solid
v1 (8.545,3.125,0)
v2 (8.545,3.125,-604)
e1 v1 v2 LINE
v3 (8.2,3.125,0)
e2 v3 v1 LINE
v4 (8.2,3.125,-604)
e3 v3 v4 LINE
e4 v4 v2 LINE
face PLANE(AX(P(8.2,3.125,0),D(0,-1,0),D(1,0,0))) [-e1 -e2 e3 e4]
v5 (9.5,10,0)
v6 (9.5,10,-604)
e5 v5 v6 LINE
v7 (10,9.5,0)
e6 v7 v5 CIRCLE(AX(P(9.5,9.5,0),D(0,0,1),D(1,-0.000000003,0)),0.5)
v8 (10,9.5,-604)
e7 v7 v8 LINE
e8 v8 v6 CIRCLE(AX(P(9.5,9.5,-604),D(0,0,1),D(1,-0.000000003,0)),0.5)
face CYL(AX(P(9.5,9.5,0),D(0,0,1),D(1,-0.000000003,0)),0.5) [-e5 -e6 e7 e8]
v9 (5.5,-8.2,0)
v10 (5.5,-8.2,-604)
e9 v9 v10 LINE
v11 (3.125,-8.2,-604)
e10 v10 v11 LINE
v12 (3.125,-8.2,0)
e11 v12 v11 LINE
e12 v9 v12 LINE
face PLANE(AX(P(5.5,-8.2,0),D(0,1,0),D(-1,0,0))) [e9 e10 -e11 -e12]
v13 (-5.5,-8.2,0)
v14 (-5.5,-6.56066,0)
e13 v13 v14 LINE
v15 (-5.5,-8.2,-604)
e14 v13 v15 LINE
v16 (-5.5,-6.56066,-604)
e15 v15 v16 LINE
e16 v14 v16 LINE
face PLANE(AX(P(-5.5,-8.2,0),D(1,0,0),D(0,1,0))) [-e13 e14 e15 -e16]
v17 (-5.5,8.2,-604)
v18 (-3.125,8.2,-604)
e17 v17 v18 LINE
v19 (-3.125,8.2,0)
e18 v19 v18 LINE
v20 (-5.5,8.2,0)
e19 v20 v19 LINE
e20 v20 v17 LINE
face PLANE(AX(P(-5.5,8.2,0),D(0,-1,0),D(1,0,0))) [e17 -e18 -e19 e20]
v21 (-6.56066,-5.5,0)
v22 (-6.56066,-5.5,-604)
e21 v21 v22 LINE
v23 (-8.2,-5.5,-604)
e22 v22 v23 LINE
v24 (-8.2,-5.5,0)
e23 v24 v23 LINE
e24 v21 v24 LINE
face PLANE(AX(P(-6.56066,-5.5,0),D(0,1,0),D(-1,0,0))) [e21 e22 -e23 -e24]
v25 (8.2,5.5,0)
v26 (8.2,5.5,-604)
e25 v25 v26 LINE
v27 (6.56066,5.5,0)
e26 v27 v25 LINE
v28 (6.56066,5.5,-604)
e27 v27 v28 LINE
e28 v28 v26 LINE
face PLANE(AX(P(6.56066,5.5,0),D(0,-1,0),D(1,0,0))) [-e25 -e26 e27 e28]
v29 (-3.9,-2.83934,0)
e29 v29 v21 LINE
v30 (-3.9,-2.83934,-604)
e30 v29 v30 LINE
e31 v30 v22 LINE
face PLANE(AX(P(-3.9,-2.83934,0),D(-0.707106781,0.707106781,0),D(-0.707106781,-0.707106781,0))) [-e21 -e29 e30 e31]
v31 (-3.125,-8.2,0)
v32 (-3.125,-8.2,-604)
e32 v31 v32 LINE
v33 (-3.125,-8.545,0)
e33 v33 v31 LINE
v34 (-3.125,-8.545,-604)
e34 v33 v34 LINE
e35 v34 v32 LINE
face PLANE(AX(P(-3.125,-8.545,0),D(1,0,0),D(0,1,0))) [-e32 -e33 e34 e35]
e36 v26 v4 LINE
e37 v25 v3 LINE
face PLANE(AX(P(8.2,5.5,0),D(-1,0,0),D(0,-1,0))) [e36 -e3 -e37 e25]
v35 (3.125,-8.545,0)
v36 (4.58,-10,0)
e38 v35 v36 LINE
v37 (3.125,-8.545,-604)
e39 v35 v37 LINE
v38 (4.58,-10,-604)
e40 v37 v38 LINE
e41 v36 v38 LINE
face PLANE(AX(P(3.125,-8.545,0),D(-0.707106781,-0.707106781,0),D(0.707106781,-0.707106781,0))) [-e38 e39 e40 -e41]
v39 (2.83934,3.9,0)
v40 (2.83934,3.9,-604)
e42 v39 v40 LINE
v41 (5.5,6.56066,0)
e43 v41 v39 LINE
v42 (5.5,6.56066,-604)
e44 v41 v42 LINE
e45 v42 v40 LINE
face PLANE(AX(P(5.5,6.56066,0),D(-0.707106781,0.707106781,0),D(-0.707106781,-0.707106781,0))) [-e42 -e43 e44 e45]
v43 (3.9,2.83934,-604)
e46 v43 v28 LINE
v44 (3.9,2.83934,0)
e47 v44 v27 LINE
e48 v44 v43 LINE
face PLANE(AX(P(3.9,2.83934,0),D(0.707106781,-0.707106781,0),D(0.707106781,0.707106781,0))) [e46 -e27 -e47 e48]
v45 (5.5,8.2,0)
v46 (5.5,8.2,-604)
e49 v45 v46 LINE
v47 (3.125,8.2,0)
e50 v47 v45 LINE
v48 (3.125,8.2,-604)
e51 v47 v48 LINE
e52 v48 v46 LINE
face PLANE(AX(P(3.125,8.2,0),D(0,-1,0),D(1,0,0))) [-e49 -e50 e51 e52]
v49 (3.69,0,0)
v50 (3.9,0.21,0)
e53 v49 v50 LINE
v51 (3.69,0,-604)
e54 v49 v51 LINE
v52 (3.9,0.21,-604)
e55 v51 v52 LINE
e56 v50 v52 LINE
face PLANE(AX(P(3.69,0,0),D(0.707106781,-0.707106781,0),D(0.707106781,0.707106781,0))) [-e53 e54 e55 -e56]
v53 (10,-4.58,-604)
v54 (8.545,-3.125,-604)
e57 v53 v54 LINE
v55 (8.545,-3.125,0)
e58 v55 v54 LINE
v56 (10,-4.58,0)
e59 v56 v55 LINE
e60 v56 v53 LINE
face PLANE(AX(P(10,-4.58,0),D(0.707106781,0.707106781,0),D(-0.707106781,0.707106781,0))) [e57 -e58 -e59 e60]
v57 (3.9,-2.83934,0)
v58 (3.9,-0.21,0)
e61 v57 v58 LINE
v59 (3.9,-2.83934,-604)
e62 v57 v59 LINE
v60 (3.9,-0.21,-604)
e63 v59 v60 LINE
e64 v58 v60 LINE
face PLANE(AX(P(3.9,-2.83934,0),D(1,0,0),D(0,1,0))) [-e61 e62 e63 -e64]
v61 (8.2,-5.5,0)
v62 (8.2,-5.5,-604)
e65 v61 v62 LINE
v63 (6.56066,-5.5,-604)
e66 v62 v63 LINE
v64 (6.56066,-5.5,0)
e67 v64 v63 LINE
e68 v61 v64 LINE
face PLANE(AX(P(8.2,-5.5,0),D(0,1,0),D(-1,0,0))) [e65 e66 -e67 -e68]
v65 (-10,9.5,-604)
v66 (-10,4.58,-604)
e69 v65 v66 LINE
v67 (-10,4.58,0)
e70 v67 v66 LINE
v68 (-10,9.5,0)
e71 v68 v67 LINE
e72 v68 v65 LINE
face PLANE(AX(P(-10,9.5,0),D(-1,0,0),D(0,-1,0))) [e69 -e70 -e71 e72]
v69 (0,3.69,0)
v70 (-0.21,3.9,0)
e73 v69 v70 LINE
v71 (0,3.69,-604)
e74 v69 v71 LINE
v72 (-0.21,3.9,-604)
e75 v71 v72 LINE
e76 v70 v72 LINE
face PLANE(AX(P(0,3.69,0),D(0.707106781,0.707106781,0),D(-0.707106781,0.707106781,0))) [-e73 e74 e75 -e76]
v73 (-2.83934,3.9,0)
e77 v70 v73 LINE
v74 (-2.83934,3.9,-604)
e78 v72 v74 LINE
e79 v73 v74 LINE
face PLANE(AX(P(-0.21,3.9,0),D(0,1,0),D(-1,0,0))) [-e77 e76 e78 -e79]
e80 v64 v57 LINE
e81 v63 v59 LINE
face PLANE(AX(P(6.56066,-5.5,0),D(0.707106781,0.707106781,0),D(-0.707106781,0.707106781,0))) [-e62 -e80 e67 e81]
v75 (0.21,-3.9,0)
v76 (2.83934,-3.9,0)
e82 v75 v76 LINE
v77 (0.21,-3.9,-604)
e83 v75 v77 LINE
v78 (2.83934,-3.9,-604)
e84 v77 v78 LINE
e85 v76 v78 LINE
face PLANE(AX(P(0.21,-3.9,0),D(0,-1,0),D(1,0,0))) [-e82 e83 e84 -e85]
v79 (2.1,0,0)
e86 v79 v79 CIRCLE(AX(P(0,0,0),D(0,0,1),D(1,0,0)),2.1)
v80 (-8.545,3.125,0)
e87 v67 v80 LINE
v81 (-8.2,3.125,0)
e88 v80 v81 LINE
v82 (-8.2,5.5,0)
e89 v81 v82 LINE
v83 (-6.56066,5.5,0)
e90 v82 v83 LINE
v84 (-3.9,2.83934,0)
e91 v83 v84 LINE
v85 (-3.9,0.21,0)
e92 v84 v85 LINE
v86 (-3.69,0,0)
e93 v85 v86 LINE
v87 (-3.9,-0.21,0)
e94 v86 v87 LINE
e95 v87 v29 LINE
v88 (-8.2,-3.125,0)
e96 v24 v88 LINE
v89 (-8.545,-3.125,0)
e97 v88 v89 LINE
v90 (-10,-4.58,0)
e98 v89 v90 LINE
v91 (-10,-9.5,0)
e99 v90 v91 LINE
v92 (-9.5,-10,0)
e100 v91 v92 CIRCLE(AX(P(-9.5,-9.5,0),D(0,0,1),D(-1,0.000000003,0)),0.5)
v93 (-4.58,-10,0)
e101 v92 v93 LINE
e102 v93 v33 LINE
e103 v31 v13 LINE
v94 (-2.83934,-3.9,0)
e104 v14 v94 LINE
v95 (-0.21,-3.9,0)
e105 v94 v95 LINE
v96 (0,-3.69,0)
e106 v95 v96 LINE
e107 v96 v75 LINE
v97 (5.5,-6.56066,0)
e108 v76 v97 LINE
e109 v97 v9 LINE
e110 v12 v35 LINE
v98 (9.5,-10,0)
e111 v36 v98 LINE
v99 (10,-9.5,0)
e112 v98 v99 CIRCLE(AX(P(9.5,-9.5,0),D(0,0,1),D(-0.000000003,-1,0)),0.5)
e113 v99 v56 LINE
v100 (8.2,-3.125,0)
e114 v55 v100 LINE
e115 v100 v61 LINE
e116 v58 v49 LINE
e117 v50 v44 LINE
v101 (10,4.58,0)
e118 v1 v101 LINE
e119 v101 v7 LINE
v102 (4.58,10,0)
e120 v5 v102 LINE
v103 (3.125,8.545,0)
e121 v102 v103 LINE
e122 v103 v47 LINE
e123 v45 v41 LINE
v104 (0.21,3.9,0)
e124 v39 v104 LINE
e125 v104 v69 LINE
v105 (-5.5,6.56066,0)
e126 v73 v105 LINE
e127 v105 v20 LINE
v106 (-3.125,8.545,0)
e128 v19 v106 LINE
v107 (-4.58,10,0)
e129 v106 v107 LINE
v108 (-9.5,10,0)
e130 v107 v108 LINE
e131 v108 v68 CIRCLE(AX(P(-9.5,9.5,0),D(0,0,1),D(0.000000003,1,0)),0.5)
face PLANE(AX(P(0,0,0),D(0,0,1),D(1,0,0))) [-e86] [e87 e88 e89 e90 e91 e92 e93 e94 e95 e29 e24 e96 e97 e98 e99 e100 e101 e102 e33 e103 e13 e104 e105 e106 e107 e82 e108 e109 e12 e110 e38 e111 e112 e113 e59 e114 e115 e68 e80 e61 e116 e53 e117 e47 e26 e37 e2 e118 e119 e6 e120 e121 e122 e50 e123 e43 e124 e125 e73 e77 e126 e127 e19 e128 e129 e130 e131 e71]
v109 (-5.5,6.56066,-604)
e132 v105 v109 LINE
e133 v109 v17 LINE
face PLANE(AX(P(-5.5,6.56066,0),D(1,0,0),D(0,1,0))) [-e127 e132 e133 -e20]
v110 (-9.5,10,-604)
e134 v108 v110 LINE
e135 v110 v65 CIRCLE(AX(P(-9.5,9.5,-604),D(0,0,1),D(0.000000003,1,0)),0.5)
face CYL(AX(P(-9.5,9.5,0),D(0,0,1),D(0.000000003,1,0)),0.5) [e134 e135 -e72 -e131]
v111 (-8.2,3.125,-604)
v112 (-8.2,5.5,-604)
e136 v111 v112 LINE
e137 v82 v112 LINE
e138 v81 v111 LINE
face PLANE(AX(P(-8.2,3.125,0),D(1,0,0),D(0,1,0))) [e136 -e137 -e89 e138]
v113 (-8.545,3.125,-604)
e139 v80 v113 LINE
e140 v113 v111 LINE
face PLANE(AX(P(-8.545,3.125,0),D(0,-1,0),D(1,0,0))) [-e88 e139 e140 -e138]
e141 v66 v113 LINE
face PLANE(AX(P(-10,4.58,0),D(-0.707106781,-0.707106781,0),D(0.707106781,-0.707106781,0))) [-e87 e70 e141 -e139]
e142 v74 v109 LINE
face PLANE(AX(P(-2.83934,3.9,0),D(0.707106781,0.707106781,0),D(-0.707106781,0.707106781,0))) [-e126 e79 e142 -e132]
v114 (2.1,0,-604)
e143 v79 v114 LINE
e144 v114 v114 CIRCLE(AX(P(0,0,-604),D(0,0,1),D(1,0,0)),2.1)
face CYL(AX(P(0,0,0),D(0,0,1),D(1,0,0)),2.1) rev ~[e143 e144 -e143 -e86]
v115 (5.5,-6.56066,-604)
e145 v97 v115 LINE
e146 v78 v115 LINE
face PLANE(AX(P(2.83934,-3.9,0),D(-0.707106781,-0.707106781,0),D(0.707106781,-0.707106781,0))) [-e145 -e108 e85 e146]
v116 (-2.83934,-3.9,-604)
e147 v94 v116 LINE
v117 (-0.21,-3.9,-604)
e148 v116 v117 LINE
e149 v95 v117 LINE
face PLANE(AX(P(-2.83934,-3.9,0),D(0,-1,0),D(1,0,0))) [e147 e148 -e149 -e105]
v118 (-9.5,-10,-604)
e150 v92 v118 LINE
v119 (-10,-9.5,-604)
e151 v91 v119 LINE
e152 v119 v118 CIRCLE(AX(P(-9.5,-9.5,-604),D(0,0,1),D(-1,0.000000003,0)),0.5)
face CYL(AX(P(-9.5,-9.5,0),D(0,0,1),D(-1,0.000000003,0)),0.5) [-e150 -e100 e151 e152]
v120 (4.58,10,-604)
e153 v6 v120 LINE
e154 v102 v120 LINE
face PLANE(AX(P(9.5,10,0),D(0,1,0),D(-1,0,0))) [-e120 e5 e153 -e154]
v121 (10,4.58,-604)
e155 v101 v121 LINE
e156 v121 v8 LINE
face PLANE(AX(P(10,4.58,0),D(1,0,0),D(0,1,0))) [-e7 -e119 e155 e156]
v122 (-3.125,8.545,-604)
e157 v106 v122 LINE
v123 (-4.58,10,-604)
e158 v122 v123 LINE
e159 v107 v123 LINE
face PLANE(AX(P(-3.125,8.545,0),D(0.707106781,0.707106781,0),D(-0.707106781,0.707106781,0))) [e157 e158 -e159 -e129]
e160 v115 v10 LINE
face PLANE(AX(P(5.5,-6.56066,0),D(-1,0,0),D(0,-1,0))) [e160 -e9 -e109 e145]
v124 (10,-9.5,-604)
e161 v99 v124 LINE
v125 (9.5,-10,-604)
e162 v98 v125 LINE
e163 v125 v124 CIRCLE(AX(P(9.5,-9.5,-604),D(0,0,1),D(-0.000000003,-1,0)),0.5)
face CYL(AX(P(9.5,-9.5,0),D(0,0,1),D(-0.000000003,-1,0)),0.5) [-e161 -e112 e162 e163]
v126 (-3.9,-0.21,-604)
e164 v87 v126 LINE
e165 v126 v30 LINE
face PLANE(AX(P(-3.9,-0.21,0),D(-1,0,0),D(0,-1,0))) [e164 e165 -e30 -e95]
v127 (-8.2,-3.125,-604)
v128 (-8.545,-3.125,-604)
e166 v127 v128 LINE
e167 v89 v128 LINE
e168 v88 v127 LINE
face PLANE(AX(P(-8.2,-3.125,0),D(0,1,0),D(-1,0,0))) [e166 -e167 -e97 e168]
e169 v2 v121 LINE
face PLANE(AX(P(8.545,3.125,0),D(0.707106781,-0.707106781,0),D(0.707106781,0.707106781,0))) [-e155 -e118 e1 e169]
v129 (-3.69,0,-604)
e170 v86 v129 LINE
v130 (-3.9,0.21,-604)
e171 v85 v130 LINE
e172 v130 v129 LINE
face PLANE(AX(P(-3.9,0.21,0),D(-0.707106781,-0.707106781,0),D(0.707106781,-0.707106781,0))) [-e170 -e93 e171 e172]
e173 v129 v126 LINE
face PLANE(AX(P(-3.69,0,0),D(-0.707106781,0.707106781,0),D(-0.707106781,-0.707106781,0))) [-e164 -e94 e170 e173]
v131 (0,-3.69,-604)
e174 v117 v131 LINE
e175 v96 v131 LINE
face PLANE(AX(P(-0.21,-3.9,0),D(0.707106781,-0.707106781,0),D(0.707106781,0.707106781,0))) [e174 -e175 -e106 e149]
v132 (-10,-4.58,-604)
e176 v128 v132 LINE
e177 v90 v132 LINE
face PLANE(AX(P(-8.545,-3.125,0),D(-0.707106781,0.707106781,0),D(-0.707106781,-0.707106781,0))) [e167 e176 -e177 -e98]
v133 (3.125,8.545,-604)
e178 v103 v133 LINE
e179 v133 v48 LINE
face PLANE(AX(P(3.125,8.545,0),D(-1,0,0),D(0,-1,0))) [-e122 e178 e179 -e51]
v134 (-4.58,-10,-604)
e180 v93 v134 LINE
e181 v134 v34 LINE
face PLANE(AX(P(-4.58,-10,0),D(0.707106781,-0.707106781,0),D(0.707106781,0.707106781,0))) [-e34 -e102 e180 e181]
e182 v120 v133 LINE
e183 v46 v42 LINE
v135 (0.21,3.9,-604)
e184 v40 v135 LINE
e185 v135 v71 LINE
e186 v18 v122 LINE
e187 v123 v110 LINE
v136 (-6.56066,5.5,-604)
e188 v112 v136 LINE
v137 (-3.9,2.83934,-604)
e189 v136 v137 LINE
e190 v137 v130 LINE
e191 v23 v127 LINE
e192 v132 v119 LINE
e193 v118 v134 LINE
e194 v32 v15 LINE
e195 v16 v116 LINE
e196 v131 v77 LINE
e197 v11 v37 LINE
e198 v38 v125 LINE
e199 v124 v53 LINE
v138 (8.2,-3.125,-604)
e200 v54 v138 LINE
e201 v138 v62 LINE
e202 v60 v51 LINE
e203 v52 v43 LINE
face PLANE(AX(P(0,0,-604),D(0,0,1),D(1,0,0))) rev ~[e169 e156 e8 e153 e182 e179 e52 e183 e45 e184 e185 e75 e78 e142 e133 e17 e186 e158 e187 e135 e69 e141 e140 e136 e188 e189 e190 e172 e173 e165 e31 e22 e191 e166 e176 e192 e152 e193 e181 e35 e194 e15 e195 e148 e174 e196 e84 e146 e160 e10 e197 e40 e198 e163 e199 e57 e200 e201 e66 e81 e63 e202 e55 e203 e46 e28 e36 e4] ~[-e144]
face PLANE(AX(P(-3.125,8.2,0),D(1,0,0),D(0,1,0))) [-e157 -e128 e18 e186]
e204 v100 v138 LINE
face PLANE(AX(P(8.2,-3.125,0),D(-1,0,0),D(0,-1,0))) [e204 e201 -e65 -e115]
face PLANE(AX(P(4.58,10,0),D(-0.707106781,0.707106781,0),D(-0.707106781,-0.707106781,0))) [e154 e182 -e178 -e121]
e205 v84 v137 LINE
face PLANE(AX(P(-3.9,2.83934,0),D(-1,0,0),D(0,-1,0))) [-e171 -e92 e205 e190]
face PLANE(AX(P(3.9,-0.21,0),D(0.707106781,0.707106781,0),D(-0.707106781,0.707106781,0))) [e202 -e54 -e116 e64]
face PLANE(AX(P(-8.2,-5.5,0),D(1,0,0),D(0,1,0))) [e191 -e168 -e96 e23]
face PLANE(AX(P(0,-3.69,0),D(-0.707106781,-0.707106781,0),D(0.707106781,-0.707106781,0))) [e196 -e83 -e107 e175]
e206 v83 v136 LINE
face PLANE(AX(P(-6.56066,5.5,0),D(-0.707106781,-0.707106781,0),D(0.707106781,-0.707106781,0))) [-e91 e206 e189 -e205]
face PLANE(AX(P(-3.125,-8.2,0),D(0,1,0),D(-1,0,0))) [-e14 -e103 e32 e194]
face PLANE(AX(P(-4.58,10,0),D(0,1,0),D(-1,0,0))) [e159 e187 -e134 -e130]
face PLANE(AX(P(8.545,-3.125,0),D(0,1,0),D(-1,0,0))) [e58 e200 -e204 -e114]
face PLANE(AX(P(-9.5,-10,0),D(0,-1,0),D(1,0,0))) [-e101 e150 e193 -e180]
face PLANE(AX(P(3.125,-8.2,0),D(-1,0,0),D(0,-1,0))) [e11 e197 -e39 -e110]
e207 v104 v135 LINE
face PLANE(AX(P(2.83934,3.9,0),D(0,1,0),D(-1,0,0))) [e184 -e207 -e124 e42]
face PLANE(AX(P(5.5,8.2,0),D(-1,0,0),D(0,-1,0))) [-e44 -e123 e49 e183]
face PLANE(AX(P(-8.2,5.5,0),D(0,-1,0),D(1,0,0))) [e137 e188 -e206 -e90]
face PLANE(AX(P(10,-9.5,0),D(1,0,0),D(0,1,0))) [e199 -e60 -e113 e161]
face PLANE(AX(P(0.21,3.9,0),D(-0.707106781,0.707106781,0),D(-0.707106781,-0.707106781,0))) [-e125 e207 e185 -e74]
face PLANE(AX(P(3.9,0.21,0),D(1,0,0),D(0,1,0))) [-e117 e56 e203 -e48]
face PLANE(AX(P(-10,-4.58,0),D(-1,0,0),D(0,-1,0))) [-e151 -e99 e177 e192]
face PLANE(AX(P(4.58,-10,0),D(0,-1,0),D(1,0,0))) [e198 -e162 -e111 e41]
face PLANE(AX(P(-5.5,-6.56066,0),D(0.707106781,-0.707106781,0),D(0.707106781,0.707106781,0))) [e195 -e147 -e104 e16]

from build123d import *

# Parameters (mm, degrees)
SKETCH1_R           = 2.1
BOSS_EXTRUDE1_DEPTH = 604


with BuildPart() as part:
    # Sketch1 → Boss-Extrude1 (new body)
    with BuildSketch(Plane.XY):
        with BuildLine():
            Line((9.5, 10), (4.58, 10))
            Line((4.58, 10), (3.125, 8.545))
            Line((3.125, 8.545), (3.125, 8.2))
            Line((3.125, 8.2), (5.5, 8.2))
            Line((5.5, 8.2), (5.5, 6.560660172))
            Line((5.5, 6.560660172), (2.839339828, 3.9))
            Line((2.839339828, 3.9), (0.21, 3.9))
            Line((0.21, 3.9), (0, 3.69))
            Line((0, 3.69), (-0.21, 3.9))
            Line((-0.21, 3.9), (-2.839339828, 3.9))
            Line((-2.839339828, 3.9), (-5.5, 6.560660172))
            Line((-5.5, 6.560660172), (-5.5, 8.2))
            Line((-5.5, 8.2), (-3.125, 8.2))
            Line((-3.125, 8.2), (-3.125, 8.545))
            Line((-3.125, 8.545), (-4.58, 10))
            Line((-4.58, 10), (-9.5, 10))
            ThreePointArc((-9.5, 10), (-9.853553391, 9.853553391), (-10, 9.5))
            Line((-10, 9.5), (-10, 4.58))
            Line((-10, 4.58), (-8.545, 3.125))
            Line((-8.545, 3.125), (-8.2, 3.125))
            Line((-8.2, 3.125), (-8.2, 5.5))
            Line((-8.2, 5.5), (-6.560660172, 5.5))
            Line((-6.560660172, 5.5), (-3.9, 2.839339828))
            Line((-3.9, 2.839339828), (-3.9, 0.21))
            Line((-3.9, 0.21), (-3.69, 0))
            Line((-3.69, 0), (-3.9, -0.21))
            Line((-3.9, -0.21), (-3.9, -2.839339828))
            Line((-3.9, -2.839339828), (-6.560660172, -5.5))
            Line((-6.560660172, -5.5), (-8.2, -5.5))
            Line((-8.2, -5.5), (-8.2, -3.125))
            Line((-8.2, -3.125), (-8.545, -3.125))
            Line((-8.545, -3.125), (-10, -4.58))
            Line((-10, -4.58), (-10, -9.5))
            ThreePointArc((-10, -9.5), (-9.853553391, -9.853553391), (-9.5, -10))
            Line((-9.5, -10), (-4.58, -10))
            Line((-4.58, -10), (-3.125, -8.545))
            Line((-3.125, -8.545), (-3.125, -8.2))
            Line((-3.125, -8.2), (-5.5, -8.2))
            Line((-5.5, -8.2), (-5.5, -6.560660172))
            Line((-5.5, -6.560660172), (-2.839339828, -3.9))
            Line((-2.839339828, -3.9), (-0.21, -3.9))
            Line((-0.21, -3.9), (0, -3.69))
            Line((0, -3.69), (0.21, -3.9))
            Line((0.21, -3.9), (2.839339828, -3.9))
            Line((2.839339828, -3.9), (5.5, -6.560660172))
            Line((5.5, -6.560660172), (5.5, -8.2))
            Line((5.5, -8.2), (3.125, -8.2))
            Line((3.125, -8.2), (3.125, -8.545))
            Line((3.125, -8.545), (4.58, -10))
            Line((4.58, -10), (9.5, -10))
            ThreePointArc((9.5, -10), (9.853553391, -9.853553391), (10, -9.5))
            Line((10, -9.5), (10, -4.58))
            Line((10, -4.58), (8.545, -3.125))
            Line((8.545, -3.125), (8.2, -3.125))
            Line((8.2, -3.125), (8.2, -5.5))
            Line((8.2, -5.5), (6.560660172, -5.5))
            Line((6.560660172, -5.5), (3.9, -2.839339828))
            Line((3.9, -2.839339828), (3.9, -0.21))
            Line((3.9, -0.21), (3.69, 0))
            Line((3.69, 0), (3.9, 0.21))
            Line((3.9, 0.21), (3.9, 2.839339829))
            Line((3.9, 2.839339829), (6.560660171, 5.5))
            Line((6.560660171, 5.5), (8.2, 5.5))
            Line((8.2, 5.5), (8.2, 3.125))
            Line((8.2, 3.125), (8.545, 3.125))
            Line((8.545, 3.125), (10, 4.58))
            Line((10, 4.58), (10, 9.5))
            ThreePointArc((10, 9.5), (9.853553391, 9.853553391), (9.5, 10))
        make_face()
        Circle(SKETCH1_R, mode=Mode.SUBTRACT)
    extrude(amount=-BOSS_EXTRUDE1_DEPTH)


solid = part.part
